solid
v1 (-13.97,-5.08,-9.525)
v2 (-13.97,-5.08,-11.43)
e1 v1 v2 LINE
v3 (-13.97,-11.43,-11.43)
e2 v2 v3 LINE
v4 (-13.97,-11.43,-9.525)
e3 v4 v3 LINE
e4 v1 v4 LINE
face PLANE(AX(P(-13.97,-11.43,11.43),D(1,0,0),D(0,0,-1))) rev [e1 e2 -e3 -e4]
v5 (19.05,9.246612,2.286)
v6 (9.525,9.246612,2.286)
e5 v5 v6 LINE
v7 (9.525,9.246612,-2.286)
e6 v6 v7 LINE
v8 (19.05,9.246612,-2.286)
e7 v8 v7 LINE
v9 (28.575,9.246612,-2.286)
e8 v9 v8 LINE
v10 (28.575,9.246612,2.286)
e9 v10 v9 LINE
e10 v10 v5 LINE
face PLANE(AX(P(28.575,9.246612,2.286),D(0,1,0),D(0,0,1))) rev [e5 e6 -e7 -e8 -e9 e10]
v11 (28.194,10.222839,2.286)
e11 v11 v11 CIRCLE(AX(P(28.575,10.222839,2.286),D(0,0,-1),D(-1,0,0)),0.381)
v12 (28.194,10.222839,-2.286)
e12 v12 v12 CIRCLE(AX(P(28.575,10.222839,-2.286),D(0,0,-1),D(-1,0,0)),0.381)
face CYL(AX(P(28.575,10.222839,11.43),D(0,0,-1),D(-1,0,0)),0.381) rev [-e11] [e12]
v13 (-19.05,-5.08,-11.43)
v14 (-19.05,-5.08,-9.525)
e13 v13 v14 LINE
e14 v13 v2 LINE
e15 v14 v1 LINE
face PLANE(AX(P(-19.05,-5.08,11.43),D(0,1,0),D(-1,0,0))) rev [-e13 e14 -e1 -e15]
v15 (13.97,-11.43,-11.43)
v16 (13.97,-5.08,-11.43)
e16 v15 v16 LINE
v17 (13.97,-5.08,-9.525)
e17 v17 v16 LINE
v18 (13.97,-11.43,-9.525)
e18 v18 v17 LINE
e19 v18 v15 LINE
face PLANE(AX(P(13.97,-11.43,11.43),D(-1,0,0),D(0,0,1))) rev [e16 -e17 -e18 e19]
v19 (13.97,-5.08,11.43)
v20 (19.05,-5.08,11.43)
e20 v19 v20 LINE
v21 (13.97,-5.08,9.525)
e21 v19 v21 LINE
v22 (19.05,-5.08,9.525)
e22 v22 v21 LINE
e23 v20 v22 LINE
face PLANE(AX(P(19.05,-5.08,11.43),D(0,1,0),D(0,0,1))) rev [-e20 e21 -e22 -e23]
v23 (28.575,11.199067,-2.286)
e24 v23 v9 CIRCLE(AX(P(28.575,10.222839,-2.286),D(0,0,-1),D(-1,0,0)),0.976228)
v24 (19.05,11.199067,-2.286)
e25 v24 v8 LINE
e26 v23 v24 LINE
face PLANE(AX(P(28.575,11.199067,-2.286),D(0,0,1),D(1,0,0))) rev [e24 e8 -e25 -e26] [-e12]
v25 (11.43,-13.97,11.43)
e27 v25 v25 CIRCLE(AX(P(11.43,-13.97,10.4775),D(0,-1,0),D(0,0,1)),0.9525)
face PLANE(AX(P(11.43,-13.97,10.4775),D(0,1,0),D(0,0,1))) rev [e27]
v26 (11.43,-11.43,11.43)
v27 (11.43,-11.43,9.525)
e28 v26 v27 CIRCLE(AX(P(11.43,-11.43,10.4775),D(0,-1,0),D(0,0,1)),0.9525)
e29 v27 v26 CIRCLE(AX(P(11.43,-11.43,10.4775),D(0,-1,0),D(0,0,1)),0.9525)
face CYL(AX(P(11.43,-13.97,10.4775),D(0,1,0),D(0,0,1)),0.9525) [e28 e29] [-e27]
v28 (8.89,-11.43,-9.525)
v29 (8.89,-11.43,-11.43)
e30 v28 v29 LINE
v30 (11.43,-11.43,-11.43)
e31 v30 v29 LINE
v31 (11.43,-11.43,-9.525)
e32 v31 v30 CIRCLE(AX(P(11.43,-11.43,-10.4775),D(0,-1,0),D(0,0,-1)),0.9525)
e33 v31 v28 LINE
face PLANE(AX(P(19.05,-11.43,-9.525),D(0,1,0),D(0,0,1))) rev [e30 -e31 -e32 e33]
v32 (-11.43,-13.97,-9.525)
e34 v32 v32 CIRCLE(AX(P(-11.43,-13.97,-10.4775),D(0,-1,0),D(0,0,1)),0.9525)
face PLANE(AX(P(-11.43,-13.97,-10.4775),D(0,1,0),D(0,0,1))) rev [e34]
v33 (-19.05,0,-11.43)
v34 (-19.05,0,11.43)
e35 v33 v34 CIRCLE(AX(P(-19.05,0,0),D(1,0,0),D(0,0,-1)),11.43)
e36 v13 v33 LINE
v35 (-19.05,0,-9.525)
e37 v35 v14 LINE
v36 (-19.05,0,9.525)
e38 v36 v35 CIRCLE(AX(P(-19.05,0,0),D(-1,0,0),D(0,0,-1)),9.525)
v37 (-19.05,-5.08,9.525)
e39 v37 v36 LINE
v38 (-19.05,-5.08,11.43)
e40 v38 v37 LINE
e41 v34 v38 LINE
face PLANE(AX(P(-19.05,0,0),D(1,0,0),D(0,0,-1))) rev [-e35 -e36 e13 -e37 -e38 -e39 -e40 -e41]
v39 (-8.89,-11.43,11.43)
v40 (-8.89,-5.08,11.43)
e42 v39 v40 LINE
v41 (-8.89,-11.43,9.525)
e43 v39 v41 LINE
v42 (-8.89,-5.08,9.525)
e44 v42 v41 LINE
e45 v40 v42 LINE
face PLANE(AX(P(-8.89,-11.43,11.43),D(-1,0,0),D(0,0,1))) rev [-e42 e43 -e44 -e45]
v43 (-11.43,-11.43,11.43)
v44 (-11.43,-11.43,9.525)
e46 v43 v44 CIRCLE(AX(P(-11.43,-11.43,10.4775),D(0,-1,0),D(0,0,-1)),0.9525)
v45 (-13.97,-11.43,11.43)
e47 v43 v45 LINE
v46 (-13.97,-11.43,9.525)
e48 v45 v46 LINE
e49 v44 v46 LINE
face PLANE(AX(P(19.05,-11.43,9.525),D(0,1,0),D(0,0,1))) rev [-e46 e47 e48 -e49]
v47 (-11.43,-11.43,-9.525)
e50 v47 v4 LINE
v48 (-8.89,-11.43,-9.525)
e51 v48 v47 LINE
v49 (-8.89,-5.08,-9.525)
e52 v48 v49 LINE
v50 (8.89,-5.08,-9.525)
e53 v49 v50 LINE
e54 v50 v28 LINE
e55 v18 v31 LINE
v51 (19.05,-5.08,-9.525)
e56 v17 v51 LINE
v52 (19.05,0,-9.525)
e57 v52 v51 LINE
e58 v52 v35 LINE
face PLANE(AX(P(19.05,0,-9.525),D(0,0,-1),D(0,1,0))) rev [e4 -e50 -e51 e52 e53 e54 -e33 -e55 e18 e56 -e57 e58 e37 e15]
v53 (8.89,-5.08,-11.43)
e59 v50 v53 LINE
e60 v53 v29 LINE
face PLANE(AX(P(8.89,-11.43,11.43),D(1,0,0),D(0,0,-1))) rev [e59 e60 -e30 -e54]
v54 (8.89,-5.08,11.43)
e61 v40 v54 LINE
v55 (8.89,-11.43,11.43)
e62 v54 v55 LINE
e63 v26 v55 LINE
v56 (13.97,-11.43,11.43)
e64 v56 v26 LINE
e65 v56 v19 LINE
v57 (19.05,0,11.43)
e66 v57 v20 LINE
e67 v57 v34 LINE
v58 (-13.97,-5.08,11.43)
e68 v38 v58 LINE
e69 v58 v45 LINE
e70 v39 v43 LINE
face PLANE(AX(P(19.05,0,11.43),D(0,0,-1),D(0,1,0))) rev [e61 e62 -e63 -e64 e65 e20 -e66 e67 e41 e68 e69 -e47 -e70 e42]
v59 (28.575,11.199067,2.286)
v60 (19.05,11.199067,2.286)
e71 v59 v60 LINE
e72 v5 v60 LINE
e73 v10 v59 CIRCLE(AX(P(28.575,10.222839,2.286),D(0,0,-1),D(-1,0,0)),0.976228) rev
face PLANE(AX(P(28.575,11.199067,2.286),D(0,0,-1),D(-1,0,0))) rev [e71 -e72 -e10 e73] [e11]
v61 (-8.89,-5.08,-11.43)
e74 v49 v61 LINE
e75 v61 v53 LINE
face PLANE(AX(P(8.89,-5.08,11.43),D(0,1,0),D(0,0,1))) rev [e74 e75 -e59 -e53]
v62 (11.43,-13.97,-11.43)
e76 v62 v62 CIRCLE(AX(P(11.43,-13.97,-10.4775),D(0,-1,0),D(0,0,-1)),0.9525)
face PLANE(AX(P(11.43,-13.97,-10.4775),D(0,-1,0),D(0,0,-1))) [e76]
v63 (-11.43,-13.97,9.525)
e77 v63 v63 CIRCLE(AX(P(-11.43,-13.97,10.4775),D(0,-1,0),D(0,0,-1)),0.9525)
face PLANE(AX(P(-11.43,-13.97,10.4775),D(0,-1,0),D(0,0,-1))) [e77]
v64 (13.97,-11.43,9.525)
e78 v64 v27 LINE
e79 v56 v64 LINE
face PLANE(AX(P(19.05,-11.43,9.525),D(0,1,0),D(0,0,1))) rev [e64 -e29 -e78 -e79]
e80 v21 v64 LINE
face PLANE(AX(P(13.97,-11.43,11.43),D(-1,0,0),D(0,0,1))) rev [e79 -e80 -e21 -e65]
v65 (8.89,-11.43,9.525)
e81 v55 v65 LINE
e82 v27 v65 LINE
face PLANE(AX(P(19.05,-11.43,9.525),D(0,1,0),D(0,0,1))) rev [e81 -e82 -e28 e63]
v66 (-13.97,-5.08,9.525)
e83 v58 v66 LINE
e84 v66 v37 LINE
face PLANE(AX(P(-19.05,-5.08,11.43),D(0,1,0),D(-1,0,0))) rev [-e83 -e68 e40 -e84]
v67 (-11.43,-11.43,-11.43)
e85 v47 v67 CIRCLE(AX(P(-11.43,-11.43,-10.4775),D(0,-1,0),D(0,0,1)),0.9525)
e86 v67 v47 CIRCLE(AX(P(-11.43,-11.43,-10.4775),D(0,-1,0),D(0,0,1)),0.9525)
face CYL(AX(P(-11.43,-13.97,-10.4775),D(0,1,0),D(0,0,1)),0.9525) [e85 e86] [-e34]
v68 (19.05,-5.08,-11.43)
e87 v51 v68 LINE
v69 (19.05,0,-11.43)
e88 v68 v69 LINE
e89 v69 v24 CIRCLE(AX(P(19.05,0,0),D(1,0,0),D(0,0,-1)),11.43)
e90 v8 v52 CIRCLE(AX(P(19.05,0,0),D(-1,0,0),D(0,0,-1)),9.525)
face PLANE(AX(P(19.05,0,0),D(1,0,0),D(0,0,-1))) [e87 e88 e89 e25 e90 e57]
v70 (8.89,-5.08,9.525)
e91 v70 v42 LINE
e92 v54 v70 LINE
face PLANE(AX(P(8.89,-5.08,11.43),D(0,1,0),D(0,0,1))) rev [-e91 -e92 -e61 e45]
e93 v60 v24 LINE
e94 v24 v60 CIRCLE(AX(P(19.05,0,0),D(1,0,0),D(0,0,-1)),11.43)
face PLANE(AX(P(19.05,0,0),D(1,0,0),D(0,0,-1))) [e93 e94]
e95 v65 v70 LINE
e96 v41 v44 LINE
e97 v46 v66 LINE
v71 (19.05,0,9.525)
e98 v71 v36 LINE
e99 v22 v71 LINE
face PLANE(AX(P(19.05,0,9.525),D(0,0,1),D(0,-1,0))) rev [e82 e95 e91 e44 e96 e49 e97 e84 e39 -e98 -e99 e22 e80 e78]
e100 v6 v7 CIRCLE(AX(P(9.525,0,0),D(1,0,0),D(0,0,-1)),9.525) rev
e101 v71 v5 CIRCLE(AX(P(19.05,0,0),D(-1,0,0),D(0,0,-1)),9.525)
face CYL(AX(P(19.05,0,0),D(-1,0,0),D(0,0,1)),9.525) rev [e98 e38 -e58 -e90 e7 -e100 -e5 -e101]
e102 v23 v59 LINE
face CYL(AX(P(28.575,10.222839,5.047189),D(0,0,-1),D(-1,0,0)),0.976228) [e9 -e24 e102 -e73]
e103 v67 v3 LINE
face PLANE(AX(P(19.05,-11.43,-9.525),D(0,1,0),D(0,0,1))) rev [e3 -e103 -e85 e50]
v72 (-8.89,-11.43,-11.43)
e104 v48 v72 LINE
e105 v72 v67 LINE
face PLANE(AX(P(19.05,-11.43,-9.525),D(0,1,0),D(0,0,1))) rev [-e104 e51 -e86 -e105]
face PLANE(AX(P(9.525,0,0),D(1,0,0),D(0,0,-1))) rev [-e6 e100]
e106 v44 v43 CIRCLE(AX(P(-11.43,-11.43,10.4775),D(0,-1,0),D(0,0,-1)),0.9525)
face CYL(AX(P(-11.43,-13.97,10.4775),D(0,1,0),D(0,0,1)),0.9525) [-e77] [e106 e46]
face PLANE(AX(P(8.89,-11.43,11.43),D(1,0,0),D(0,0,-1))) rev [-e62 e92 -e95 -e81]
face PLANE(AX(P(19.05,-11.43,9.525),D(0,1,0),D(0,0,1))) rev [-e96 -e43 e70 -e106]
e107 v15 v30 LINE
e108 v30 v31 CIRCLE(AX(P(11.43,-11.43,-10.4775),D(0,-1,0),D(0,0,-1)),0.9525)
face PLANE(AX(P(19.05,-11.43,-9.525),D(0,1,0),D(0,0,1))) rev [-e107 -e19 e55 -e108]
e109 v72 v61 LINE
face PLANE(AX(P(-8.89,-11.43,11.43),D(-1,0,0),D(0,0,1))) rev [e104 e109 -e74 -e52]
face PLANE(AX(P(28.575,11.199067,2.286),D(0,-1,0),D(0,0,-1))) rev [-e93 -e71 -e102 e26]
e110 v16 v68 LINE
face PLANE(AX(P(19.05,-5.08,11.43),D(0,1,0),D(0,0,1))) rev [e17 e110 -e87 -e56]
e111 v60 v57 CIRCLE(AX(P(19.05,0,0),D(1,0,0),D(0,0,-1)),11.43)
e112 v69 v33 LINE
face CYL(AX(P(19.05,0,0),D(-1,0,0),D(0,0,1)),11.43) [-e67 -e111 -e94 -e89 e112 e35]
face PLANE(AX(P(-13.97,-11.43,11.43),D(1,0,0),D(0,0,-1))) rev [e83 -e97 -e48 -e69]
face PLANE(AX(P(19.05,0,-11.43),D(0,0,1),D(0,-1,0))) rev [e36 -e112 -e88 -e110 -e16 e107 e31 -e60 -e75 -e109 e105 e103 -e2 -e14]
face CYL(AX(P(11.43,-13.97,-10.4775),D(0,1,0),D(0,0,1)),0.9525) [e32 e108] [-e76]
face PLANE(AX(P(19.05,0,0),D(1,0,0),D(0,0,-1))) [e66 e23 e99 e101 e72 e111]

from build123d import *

# Parameters (mm, degrees)
BOSS_EXTRUDE1_DEPTH = 19.05
SKETCH2_W           = 4.572
SKETCH2_H           = 1.952455346
BOSS_EXTRUDE2_DEPTH = 9.525
SKETCH3_R           = 0.976227673
BOSS_EXTRUDE3_DEPTH = 4.572
SKETCH4_R           = 0.381
CUT_EXTRUDE1_DEPTH  = 35.526057015
SKETCH5_W           = 5.08
SKETCH5_H           = 6.35
SKETCH5_W_2         = 17.78
CUT_EXTRUDE2_DEPTH  = 40.070443522
SKETCH6_R           = 0.9525
BOSS_EXTRUDE4_DEPTH = 2.54


with BuildPart() as part:
    # Sketch1 → Boss-Extrude1 (new, symmetric)
    with BuildSketch(Plane(origin=(0, 0, 0), x_dir=(0, 0, -1), z_dir=(1, 0, 0))):
        with BuildLine():
            Line((-9.525, 0), (-9.525, -11.43))
            Line((-9.525, -11.43), (-11.43, -11.43))
            Line((-11.43, -11.43), (-11.43, 0))
            ThreePointArc((-11.43, 0), (0, 11.43), (11.43, 0))
            Line((11.43, 0), (11.43, -11.43))
            Line((11.43, -11.43), (9.525, -11.43))
            Line((9.525, -11.43), (9.525, 0))
            ThreePointArc((9.525, 0), (0, 9.525), (-9.525, 0))
        make_face()
    extrude(amount=BOSS_EXTRUDE1_DEPTH, both=True)

    # Sketch2 → Boss-Extrude2 (add, symmetric)
    with BuildSketch(Plane(origin=(19.05, 0, 0), x_dir=(0, 0, -1), z_dir=(1, 0, 0))):
        with Locations((0, 10.222839431)):
            Rectangle(SKETCH2_W, SKETCH2_H)
    extrude(amount=BOSS_EXTRUDE2_DEPTH, both=True)

    # Sketch3 → Boss-Extrude3 (add)
    with BuildSketch(Plane(origin=(0, 0, -2.286), x_dir=(-1, 0, 0), z_dir=(0, 0, -1))):
        with Locations((-28.575, 10.222839431)):
            Circle(SKETCH3_R)
    extrude(amount=-BOSS_EXTRUDE3_DEPTH)

    # Sketch4 → Cut-Extrude1 (cut, through all)
    with BuildSketch(Plane(origin=(0, 0, -2.286), x_dir=(-1, 0, 0), z_dir=(0, 0, -1))):
        with Locations((-28.575, 10.222839431)):
            Circle(SKETCH4_R)
    extrude(amount=-CUT_EXTRUDE1_DEPTH, mode=Mode.SUBTRACT)

    # Sketch5 → Cut-Extrude2 (cut, through all)
    with BuildSketch(Plane(origin=(0, 0, -11.43), x_dir=(-1, 0, 0), z_dir=(0, 0, -1))):
        with Locations((-16.51, -8.255)):
            Rectangle(SKETCH5_W, SKETCH5_H)
        with Locations((0, -8.255)):
            Rectangle(SKETCH5_W_2, SKETCH5_H)
        with Locations((16.51, -8.255)):
            Rectangle(SKETCH5_W, SKETCH5_H)
    extrude(amount=-CUT_EXTRUDE2_DEPTH, mode=Mode.SUBTRACT)

    # Sketch6 → Boss-Extrude4 (add)
    with BuildSketch(Plane.XZ.offset(11.43)):
        with Locations(Location((11.43, -10.4775, 0), (0, 0, 270))):
            Circle(SKETCH6_R)
        with Locations(Location((11.43, 10.4775, 0), (0, 0, 90))):
            Circle(SKETCH6_R)
        with Locations(Location((-11.43, 10.4775, 0), (0, 0, 270))):
            Circle(SKETCH6_R)
        with Locations(Location((-11.43, -10.4775, 0), (0, 0, 90))):
            Circle(SKETCH6_R)
    extrude(amount=BOSS_EXTRUDE4_DEPTH)


solid = part.part
